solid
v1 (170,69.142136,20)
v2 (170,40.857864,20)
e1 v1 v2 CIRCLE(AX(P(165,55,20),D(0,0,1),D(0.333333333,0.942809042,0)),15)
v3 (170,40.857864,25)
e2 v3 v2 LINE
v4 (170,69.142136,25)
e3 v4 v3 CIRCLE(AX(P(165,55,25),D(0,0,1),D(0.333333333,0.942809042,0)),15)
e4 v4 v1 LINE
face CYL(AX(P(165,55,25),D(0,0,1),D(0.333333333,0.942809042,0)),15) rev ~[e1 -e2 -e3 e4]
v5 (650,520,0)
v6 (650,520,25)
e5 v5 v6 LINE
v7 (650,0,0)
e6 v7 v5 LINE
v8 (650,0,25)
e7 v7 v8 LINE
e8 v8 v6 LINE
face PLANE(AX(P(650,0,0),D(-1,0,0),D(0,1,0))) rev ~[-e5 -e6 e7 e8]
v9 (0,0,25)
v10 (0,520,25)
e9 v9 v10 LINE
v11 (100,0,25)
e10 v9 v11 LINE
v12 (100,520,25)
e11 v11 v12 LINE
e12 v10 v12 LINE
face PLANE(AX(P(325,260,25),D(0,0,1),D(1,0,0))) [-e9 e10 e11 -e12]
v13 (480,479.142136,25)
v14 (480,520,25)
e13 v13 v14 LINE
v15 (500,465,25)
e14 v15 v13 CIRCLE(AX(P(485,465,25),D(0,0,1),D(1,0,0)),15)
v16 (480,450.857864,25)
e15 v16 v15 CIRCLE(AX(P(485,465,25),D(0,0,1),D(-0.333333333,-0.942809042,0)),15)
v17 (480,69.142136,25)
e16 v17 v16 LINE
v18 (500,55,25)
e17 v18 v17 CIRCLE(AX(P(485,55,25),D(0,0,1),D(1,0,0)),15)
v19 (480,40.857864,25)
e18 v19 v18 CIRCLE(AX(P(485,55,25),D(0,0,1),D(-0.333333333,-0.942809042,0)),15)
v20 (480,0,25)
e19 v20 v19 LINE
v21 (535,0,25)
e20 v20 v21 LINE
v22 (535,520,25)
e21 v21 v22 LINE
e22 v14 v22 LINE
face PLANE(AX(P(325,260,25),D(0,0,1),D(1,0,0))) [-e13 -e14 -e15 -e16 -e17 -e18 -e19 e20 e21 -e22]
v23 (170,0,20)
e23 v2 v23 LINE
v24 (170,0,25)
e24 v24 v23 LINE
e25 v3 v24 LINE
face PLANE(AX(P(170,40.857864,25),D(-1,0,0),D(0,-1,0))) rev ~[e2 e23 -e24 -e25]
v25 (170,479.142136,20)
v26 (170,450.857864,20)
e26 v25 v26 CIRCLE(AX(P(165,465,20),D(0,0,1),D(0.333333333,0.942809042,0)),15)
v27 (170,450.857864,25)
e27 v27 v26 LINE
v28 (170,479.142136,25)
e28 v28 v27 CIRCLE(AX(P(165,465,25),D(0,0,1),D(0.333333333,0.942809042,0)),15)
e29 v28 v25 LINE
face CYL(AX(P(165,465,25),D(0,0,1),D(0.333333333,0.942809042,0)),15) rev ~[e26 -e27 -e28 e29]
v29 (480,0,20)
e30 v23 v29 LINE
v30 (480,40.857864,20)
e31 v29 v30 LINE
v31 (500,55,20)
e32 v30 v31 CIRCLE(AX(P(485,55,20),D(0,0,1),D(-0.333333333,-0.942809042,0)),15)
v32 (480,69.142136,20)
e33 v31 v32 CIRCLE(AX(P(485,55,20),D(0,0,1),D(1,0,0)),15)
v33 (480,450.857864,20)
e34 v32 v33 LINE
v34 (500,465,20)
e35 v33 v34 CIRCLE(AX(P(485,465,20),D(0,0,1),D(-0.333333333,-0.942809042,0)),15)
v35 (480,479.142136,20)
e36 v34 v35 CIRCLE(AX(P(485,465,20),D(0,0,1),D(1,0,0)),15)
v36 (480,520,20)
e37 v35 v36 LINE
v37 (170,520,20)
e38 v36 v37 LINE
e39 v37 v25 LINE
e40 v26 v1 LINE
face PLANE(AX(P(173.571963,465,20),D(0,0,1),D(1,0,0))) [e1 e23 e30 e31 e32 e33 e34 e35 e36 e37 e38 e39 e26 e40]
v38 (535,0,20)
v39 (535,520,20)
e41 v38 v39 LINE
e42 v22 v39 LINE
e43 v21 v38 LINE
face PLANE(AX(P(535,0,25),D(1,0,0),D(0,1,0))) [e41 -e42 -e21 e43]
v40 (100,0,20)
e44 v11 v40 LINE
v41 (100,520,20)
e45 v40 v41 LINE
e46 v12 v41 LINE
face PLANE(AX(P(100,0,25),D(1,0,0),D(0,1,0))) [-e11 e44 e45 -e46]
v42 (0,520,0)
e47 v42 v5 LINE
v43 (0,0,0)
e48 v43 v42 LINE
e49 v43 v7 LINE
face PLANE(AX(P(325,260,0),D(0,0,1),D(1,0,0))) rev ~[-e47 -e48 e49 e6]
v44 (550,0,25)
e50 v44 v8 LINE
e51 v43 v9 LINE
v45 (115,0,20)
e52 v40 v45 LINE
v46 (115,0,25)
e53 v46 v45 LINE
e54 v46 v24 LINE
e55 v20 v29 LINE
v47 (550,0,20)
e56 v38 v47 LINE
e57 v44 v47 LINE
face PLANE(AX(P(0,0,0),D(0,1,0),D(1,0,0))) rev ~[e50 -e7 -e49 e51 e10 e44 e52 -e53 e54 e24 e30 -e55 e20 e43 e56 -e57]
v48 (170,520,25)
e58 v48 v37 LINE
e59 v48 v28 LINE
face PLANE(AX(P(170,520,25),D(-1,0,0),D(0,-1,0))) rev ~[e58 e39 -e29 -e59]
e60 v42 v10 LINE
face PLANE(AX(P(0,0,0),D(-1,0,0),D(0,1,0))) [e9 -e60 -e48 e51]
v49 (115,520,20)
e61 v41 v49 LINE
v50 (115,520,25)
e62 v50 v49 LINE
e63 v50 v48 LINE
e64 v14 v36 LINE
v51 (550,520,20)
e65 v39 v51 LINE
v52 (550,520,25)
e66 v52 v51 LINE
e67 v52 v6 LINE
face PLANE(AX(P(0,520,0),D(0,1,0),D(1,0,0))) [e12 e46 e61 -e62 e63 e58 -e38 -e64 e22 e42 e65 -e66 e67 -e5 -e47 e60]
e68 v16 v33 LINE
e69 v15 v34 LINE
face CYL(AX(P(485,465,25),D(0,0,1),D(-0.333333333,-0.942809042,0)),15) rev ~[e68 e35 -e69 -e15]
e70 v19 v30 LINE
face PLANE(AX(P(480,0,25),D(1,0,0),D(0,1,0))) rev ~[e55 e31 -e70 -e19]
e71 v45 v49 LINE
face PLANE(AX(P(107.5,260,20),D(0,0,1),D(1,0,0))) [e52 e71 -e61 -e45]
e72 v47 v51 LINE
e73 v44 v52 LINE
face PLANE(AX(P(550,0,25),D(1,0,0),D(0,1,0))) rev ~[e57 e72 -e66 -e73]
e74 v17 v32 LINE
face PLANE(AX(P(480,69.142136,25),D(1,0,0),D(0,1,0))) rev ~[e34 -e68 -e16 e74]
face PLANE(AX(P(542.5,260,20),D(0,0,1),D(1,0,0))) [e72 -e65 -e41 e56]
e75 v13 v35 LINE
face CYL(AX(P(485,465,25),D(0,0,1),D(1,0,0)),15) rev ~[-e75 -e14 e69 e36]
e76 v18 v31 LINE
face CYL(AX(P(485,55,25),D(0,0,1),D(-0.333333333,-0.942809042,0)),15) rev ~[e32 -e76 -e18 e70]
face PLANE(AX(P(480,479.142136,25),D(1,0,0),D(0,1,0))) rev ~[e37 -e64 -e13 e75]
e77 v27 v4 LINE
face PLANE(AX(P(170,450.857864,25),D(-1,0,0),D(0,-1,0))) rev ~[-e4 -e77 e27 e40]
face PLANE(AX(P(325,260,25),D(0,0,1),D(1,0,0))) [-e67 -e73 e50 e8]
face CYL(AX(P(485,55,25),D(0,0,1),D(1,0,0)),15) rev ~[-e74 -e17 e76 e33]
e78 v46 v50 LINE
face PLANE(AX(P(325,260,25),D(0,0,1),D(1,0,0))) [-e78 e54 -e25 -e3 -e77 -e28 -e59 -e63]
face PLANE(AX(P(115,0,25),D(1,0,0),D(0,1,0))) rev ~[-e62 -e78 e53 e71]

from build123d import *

# Parameters (mm, degrees)
F0_W     = 650
F0_H     = 520
F1_DEPTH = 25
F2_W     = 15
F2_H     = 520
F3_DEPTH = 5


with BuildPart() as f1:
    # F0 (on Top) → F1 (new body)
    with BuildSketch(Plane.XY):
        with Locations((325, 260)):
            Rectangle(F0_W, F0_H)
    extrude(amount=F1_DEPTH)

    # F2 (on face) → F3 (cut)
    with BuildSketch(Plane.XY.offset(25)):
        with Locations((107.5, 260)):
            Rectangle(F2_W, F2_H)
        with Locations((542.5, 260)):
            Rectangle(F2_W, F2_H)
        with BuildLine():
            ThreePointArc((170, 450.8578643763), (177.2474487139, 456.3397459622), (180, 465))
            ThreePointArc((180, 465), (177.2474487139, 473.6602540378), (170, 479.1421356237))
            Line((170, 479.1421356237), (170, 450.8578643763))
        make_face()
        with BuildLine():
            ThreePointArc((170, 479.1421356237), (177.2474487139, 473.6602540378), (180, 465))
            ThreePointArc((180, 465), (177.2474487139, 456.3397459622), (170, 450.8578643763))
            Line((170, 450.8578643763), (170, 69.1421356237))
            ThreePointArc((170, 69.1421356237), (177.2474487139, 63.6602540378), (180, 55))
            ThreePointArc((180, 55), (177.2474487139, 46.3397459622), (170, 40.8578643763))
            Line((170, 40.8578643763), (170, 0))
            Line((170, 0), (480, 0))
            Line((480, 0), (480, 40.8578643763))
            ThreePointArc((480, 40.8578643763), (470, 55), (480, 69.1421356237))
            Line((480, 69.1421356237), (480, 450.8578643763))
            ThreePointArc((480, 450.8578643763), (470, 465), (480, 479.1421356237))
            Line((480, 479.1421356237), (480, 520))
            Line((480, 520), (170, 520))
            Line((170, 520), (170, 479.1421356237))
        make_face()
        with BuildLine():
            Line((170, 450.8578643763), (170, 479.1421356237))
            ThreePointArc((170, 479.1421356237), (150, 465), (170, 450.8578643763))
        make_face()
        with BuildLine():
            Line((170, 40.8578643763), (170, 69.1421356237))
            ThreePointArc((170, 69.1421356237), (150, 55), (170, 40.8578643763))
        make_face()
        with BuildLine():
            ThreePointArc((180, 55), (177.2474487139, 63.6602540378), (170, 69.1421356237))
            Line((170, 69.1421356237), (170, 40.8578643763))
            ThreePointArc((170, 40.8578643763), (177.2474487139, 46.3397459622), (180, 55))
        make_face()
        with BuildLine():
            Line((480, 450.8578643763), (480, 479.1421356237))
            ThreePointArc((480, 479.1421356237), (470, 465), (480, 450.8578643763))
        make_face()
        with BuildLine():
            ThreePointArc((500, 465), (493.6602540378, 477.2474487139), (480, 479.1421356237))
            Line((480, 479.1421356237), (480, 450.8578643763))
            ThreePointArc((480, 450.8578643763), (493.6602540378, 452.7525512861), (500, 465))
        make_face()
        with BuildLine():
            Line((480, 40.8578643763), (480, 69.1421356237))
            ThreePointArc((480, 69.1421356237), (470, 55), (480, 40.8578643763))
        make_face()
        with BuildLine():
            ThreePointArc((500, 55), (493.6602540378, 67.2474487139), (480, 69.1421356237))
            Line((480, 69.1421356237), (480, 40.8578643763))
            ThreePointArc((480, 40.8578643763), (493.6602540378, 42.7525512861), (500, 55))
        make_face()
    extrude(amount=-F3_DEPTH, mode=Mode.SUBTRACT)


solid = f1.part
